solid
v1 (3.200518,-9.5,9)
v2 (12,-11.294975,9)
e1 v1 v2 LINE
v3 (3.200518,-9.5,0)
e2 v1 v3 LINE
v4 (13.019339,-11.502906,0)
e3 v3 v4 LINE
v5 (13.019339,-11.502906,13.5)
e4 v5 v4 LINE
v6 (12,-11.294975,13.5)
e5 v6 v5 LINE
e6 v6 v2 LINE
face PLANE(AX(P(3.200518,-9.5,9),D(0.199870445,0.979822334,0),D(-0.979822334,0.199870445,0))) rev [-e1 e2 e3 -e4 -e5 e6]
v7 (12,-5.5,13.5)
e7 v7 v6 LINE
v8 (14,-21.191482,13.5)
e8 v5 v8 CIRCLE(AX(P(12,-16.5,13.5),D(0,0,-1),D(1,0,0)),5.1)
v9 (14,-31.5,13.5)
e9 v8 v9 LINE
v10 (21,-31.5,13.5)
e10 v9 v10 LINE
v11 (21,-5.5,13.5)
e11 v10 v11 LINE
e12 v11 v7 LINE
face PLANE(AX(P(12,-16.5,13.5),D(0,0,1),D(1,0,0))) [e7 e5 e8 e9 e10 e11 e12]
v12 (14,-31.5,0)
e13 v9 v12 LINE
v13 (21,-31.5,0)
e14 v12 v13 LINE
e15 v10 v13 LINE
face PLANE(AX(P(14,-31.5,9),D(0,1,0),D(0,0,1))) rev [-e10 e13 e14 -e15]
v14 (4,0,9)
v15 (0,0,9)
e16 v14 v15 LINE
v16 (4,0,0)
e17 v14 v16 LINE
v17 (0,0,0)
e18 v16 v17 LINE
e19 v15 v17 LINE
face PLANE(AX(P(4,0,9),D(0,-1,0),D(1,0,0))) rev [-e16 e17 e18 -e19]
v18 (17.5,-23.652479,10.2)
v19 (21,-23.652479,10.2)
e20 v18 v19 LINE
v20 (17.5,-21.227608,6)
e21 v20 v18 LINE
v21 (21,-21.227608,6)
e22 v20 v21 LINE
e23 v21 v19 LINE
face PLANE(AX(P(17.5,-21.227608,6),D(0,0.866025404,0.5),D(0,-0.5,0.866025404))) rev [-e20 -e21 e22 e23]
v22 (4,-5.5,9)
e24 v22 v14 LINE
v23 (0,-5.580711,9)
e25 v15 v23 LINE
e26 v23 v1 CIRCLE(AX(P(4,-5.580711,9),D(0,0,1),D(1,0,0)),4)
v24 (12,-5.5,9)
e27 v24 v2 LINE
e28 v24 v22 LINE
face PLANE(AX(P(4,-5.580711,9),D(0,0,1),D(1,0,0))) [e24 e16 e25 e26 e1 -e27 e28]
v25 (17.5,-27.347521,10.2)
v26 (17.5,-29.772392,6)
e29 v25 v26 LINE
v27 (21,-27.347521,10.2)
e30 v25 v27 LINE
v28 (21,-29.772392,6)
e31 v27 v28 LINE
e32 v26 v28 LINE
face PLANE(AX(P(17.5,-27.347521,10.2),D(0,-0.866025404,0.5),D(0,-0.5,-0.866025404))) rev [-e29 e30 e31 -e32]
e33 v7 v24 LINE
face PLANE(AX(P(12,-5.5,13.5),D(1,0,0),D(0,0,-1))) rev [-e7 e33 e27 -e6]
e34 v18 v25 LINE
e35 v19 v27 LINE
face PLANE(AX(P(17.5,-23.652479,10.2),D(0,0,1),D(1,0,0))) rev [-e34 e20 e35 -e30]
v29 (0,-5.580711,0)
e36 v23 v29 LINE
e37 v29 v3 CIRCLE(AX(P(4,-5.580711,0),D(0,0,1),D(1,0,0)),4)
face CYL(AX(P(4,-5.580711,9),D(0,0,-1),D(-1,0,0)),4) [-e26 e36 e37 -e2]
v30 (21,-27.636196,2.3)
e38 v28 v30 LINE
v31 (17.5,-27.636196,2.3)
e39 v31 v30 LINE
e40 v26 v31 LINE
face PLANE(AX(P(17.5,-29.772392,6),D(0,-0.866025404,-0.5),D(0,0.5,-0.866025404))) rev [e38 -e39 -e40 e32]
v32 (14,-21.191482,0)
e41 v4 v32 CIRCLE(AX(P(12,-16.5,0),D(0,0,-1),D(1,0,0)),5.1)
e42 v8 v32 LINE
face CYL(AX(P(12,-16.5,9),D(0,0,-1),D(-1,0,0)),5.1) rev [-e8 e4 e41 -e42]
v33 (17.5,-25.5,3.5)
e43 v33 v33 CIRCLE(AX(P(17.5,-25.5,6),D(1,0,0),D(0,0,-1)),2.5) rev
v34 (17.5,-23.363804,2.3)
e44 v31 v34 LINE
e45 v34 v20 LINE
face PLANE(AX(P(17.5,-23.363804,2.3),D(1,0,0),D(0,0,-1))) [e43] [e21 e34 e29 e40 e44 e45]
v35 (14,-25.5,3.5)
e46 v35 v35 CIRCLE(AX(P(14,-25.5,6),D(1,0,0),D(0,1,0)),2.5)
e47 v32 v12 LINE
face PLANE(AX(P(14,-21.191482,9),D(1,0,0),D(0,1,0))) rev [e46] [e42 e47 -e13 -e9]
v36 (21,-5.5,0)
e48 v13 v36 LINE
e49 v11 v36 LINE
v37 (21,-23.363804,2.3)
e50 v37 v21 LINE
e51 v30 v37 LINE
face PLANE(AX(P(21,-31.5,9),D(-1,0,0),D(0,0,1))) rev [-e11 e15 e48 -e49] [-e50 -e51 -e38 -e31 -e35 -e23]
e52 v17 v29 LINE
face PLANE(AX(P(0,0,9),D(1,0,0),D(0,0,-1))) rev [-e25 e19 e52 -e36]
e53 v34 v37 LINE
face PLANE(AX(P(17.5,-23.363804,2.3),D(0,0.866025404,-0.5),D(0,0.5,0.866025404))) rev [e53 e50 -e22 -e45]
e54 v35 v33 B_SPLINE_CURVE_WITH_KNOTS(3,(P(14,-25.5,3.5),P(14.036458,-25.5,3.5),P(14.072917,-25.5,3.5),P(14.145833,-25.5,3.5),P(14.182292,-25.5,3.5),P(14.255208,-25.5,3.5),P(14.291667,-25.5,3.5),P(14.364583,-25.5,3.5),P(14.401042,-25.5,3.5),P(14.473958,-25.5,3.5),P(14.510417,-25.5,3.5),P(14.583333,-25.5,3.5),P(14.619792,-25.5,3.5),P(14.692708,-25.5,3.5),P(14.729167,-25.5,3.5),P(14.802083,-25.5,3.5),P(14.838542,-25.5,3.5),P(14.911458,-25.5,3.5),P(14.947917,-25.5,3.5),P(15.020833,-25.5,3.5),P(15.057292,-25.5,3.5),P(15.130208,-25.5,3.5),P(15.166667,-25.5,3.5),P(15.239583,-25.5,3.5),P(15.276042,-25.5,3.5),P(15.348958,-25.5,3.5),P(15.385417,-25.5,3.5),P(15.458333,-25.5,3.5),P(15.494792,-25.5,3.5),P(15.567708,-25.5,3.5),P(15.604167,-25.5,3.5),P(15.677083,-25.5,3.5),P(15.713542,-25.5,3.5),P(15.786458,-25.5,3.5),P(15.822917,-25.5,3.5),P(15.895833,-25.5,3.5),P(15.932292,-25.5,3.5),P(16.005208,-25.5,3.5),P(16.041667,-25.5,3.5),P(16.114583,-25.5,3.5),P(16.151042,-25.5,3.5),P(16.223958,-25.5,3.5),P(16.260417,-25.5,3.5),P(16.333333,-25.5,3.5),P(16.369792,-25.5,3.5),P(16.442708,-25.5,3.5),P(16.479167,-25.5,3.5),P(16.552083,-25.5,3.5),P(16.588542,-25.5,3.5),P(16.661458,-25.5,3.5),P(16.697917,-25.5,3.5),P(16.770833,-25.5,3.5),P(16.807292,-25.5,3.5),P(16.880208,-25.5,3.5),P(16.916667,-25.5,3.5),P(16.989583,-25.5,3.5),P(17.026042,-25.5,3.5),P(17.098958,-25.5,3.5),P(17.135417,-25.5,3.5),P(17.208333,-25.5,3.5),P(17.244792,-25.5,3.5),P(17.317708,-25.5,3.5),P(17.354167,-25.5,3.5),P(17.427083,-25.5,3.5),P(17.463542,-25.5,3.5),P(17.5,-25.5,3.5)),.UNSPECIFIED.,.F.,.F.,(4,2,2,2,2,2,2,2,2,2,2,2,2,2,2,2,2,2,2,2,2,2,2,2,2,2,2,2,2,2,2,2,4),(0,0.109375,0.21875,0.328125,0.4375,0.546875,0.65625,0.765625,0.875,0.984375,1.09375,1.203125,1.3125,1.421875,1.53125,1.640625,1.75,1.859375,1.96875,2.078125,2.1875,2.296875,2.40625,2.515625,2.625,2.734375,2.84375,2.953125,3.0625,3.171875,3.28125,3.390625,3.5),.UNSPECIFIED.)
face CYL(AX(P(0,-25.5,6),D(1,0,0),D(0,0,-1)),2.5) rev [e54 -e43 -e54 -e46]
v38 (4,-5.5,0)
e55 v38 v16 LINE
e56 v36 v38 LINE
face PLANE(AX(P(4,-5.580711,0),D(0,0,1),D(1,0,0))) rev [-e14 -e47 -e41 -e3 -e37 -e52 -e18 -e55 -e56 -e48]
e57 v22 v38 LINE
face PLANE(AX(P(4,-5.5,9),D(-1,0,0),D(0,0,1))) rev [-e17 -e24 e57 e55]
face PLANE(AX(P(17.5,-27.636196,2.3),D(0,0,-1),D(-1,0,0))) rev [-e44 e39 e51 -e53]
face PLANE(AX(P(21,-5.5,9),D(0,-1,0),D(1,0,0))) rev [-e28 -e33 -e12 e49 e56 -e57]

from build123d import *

# Parameters (mm, degrees)
BOSS_EXTRUDE1_DEPTH = 9
SKETCH2_R           = 2.5
CUT_EXTRUDE1_DEPTH  = 39.913365313
BOSS_EXTRUDE2_DEPTH = 4.5
CUT_EXTRUDE2_DEPTH  = 3.5


with BuildPart() as part:
    # Sketch1 → Boss-Extrude1 (new body)
    with BuildSketch(Plane.XY):
        with BuildLine():
            Line((0, 0), (0, -5.580710666))
            ThreePointArc((0, -5.580710666), (0.901780583, -8.110737631), (3.200518222, -9.5))
            Line((3.200518222, -9.5), (13.019339267, -11.502906099))
            ThreePointArc((13.019339267, -11.502906099), (17.074073947, -15.986411077), (14, -21.191481642))
            Line((14, -21.191481642), (14, -31.5))
            Line((14, -31.5), (21, -31.5))
            Line((21, -31.5), (21, -5.5))
            Line((21, -5.5), (4, -5.5))
            Line((4, -5.5), (4, 0))
            Line((4, 0), (0, 0))
        make_face()
    extrude(amount=BOSS_EXTRUDE1_DEPTH)

    # Sketch2 → Cut-Extrude1 (cut, through all)
    with BuildSketch(Plane(origin=(21, 0, 0), x_dir=(0, 0, -1), z_dir=(1, 0, 0))):
        with Locations((-6, -25.5)):
            Circle(SKETCH2_R)
    extrude(amount=-CUT_EXTRUDE1_DEPTH, mode=Mode.SUBTRACT)

    # Sketch3 → Boss-Extrude2 (add)
    with BuildSketch(Plane.XY.offset(9)):
        with BuildLine():
            Line((12, -5.5), (12, -11.294974737))
            Line((12, -11.294974737), (13.019339267, -11.502906099))
            ThreePointArc((13.019339267, -11.502906099), (17.074073947, -15.986411077), (14, -21.191481642))
            Line((14, -21.191481642), (14, -31.5))
            Line((14, -31.5), (21, -31.5))
            Line((21, -31.5), (21, -5.5))
            Line((21, -5.5), (12, -5.5))
        make_face()
    extrude(amount=BOSS_EXTRUDE2_DEPTH)

    # Sketch4 → Cut-Extrude2 (cut)
    with BuildSketch(Plane(origin=(21, 0, 0), x_dir=(0, 0, -1), z_dir=(1, 0, 0))):
        Polygon((-10.2, -23.652479139), (-10.2, -27.347520861), (-6, -29.772391992), (-2.3, -27.636195996), (-2.3, -23.363804004), (-6, -21.227608008), align=None)
    extrude(amount=-CUT_EXTRUDE2_DEPTH, mode=Mode.SUBTRACT)


solid = part.part
